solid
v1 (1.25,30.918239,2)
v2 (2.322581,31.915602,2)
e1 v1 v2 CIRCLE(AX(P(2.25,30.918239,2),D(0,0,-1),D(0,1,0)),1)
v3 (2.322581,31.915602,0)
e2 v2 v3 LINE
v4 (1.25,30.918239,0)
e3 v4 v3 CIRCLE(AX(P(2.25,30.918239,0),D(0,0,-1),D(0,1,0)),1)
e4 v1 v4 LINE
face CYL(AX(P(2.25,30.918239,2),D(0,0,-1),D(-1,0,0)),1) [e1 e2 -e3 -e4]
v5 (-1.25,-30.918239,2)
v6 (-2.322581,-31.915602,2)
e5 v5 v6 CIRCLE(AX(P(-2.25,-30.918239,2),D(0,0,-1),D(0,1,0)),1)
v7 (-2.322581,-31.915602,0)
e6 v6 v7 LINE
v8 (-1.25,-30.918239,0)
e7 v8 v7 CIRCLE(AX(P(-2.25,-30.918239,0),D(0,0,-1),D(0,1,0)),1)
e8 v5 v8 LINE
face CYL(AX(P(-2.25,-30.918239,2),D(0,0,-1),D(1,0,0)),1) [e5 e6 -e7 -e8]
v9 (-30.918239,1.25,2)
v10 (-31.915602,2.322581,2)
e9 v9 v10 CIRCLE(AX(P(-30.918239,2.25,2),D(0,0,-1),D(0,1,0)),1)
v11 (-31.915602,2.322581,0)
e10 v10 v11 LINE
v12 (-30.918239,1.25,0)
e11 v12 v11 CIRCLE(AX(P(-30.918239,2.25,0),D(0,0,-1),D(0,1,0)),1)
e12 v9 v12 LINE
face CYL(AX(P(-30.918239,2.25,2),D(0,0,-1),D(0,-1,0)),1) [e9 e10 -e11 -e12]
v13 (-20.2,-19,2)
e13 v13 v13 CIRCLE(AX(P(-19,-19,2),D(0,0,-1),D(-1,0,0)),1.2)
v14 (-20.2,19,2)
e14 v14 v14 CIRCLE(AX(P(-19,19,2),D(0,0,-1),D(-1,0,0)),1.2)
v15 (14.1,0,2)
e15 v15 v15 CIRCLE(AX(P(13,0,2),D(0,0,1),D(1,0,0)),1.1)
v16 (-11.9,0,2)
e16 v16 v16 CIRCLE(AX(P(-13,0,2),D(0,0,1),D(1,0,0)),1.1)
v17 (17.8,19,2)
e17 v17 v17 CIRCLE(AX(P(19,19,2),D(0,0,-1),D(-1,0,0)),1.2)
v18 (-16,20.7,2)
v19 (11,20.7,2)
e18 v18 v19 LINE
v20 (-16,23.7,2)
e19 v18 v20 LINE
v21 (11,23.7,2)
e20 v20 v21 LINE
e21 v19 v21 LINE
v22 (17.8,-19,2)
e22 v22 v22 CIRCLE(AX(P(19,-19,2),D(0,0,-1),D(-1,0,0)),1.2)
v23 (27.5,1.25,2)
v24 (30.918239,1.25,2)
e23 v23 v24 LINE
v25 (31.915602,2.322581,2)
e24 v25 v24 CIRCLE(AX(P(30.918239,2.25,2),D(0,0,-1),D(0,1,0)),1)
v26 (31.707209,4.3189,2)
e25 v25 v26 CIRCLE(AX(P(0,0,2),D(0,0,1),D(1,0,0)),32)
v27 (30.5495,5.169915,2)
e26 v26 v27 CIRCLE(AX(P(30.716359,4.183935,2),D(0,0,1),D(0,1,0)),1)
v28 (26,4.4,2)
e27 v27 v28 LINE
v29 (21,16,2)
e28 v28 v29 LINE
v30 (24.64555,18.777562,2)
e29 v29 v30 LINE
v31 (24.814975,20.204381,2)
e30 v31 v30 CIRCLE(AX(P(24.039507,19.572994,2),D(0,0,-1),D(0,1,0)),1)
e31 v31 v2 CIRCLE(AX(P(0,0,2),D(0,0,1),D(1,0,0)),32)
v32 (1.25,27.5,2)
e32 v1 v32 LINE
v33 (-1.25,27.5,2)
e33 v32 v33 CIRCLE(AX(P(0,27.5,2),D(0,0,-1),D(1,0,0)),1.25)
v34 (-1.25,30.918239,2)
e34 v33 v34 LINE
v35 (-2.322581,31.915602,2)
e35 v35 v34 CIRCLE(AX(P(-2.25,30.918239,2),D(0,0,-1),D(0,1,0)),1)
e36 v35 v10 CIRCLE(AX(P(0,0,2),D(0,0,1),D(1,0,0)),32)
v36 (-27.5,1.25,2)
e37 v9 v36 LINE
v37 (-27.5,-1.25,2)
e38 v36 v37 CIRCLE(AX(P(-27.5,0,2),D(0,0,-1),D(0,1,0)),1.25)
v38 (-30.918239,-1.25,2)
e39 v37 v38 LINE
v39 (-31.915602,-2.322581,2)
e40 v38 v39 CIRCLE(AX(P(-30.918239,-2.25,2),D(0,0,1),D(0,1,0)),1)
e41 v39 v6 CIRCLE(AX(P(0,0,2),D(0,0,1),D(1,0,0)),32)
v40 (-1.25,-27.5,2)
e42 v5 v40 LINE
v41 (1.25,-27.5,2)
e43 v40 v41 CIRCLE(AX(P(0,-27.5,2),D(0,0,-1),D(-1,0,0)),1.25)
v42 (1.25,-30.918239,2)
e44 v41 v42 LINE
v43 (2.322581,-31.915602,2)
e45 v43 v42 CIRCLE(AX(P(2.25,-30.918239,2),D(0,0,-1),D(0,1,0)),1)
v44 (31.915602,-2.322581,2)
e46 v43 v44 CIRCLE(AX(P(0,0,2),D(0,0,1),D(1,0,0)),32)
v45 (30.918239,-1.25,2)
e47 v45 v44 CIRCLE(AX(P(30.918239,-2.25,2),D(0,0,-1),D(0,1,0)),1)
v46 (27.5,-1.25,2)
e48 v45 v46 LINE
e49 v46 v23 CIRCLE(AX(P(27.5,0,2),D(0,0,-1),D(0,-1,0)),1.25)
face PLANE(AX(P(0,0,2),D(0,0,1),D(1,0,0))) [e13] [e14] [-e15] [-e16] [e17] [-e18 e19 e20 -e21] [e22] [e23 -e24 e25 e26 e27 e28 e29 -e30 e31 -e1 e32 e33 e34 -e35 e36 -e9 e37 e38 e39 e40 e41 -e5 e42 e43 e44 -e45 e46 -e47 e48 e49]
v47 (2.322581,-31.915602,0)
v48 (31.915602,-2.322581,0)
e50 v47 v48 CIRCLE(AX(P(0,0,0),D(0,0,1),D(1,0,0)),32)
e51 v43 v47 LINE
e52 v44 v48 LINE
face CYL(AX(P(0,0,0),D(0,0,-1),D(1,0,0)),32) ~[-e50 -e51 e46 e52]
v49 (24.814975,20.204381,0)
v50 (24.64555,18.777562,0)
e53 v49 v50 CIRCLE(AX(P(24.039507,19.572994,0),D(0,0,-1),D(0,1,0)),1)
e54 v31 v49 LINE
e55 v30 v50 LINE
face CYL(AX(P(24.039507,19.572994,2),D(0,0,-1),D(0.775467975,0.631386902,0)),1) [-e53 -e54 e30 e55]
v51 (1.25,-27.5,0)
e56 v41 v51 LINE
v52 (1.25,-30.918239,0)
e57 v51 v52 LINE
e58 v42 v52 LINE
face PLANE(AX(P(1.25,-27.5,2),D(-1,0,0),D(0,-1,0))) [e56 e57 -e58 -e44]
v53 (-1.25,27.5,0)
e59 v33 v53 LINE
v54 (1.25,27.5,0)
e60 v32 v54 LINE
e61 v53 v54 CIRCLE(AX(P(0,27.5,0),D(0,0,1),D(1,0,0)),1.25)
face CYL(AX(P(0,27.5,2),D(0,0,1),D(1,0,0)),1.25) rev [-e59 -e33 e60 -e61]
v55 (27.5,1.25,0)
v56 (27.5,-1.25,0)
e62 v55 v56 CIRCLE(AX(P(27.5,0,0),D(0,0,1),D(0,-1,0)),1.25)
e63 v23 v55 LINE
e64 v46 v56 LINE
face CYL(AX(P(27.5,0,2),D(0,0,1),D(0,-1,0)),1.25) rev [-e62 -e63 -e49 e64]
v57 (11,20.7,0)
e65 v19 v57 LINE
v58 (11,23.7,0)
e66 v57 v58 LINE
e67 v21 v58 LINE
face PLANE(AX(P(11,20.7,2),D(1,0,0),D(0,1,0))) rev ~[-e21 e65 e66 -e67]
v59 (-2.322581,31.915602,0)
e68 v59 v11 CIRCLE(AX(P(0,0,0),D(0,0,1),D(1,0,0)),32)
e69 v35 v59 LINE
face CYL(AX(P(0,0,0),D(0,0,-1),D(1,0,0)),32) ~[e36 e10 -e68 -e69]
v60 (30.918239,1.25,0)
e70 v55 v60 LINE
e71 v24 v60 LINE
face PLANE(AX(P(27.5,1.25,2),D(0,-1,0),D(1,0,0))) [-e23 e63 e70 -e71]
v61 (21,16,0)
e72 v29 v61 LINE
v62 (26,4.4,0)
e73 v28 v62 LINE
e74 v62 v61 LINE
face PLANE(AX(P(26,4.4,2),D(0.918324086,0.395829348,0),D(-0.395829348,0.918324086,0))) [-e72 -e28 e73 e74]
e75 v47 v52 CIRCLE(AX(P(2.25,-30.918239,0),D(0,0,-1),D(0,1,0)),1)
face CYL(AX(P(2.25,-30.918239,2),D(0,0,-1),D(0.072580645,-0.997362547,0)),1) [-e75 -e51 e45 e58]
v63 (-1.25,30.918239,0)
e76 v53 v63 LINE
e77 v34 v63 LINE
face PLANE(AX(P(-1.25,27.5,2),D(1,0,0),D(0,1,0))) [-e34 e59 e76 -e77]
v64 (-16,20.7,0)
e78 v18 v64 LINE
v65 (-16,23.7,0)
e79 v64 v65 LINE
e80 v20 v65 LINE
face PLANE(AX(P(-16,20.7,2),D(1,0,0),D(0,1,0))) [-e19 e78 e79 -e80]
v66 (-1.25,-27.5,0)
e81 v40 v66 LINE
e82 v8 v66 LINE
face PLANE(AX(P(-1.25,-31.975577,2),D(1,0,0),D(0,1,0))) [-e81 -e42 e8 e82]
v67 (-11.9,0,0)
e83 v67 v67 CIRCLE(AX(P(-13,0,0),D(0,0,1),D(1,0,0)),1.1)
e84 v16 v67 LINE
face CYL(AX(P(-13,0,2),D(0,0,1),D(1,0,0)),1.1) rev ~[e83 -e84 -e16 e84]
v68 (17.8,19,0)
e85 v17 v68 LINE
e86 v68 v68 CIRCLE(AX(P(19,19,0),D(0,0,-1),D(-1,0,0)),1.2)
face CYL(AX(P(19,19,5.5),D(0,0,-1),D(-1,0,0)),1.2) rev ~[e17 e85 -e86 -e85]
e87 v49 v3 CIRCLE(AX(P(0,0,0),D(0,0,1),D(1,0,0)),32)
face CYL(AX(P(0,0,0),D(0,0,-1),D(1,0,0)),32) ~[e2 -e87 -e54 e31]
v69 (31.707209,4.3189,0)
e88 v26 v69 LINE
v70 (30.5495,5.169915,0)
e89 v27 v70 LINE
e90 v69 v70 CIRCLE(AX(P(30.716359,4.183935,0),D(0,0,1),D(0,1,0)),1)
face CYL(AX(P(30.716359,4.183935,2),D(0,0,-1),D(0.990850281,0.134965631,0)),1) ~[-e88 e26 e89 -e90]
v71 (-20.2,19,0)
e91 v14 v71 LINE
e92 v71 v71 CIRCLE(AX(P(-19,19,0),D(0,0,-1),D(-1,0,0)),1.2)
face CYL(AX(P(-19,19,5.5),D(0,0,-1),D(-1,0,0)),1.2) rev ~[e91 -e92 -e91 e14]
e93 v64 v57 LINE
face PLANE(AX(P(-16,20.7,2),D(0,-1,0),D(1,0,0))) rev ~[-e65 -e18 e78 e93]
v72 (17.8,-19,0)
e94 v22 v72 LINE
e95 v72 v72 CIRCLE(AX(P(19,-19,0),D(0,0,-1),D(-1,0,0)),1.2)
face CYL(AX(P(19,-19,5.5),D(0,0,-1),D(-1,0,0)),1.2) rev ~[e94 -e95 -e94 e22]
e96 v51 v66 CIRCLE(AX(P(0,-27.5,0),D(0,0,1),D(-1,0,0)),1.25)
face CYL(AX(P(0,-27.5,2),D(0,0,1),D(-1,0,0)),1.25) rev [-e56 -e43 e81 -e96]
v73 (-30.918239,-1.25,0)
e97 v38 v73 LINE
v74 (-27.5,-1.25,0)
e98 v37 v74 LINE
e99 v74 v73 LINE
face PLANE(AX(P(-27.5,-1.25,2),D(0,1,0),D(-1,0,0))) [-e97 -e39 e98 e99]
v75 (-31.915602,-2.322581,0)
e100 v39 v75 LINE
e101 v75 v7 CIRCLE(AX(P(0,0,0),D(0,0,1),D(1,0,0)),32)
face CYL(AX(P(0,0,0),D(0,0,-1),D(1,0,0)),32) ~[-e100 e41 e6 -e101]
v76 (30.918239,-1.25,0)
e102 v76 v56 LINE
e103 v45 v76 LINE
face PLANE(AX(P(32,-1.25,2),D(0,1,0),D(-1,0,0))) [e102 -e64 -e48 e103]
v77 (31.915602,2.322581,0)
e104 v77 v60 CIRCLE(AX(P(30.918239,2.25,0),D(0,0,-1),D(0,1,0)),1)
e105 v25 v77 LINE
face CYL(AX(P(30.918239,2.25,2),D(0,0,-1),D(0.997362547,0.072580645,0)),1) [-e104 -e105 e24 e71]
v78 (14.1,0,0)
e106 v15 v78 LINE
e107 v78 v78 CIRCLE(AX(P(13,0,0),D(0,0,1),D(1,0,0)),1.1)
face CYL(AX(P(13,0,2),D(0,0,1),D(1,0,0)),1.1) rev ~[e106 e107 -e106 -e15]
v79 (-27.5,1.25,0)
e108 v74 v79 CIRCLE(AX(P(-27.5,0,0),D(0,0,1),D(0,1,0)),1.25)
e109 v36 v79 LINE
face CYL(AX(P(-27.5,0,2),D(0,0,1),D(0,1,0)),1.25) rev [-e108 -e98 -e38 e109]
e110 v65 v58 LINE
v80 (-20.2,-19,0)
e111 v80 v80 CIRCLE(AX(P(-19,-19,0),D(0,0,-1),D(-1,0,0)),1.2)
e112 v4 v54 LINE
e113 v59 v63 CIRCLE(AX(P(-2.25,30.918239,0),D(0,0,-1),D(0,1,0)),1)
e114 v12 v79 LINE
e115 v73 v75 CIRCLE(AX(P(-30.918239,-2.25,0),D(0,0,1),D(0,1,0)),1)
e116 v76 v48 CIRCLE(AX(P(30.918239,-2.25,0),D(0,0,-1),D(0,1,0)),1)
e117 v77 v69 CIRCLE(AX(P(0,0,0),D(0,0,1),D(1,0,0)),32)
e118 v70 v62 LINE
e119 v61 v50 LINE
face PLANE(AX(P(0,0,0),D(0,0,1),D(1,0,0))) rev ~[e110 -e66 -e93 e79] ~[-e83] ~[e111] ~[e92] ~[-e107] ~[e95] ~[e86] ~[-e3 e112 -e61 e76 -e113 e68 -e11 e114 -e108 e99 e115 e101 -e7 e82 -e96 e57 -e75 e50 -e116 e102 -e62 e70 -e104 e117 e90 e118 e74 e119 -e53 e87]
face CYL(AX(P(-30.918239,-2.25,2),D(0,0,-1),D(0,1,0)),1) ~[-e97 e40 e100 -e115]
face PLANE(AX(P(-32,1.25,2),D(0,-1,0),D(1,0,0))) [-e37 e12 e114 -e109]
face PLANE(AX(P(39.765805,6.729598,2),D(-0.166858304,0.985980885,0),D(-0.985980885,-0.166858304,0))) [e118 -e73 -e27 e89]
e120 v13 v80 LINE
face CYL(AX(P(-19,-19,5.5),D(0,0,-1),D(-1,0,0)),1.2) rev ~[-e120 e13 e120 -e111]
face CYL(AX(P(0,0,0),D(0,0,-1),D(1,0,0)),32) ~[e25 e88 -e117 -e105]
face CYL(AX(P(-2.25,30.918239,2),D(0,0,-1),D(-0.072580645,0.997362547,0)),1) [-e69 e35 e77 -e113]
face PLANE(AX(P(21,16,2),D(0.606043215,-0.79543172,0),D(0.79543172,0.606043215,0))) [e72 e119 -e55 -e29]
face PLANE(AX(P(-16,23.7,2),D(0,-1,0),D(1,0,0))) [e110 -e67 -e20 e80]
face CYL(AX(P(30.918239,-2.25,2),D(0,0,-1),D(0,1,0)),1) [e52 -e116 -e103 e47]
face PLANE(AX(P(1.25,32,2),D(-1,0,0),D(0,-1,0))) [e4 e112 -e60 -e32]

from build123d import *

# Parameters (mm, degrees)
SKETCH_1_R             = 32
EXTRUDE_1_DEPTH        = 2
SKETCH_2_R             = 1.1
CUT_EXTRUDE_1_DEPTH    = 46.299006612
HOLE_WIZARD_M2_1_D     = 2.4
HOLE_WIZARD_M2_1_DEPTH = 3.5
HOLE_WIZARD_M2_1_TIP   = 0.721032743
SKETCH_6_R             = 1.1
SKETCH_6_W             = 27
SKETCH_6_H             = 3
CUT_EXTRUDE_2_DEPTH    = 46.264500439
CUT_EXTRUDE1_DEPTH     = 10
FILLET2_R              = 1


with BuildPart() as part:
    # 스케치1 → 보스-돌출1 (new body)
    with BuildSketch(Plane.XY):
        Circle(SKETCH_1_R)
    extrude(amount=EXTRUDE_1_DEPTH)

    # 스케치2 → 컷-돌출1 (cut, through all)
    with BuildSketch(Plane.XY.offset(2)):
        with Locations((-13, 0)):
            Circle(SKETCH_2_R)
        with Locations((13, 0)):
            Circle(SKETCH_2_R)
        with BuildLine():
            Line((1.25, -27.5), (1.25, -31.975576617))
            ThreePointArc((1.25, -31.975576617), (0, -33.225576617), (-1.25, -31.975576617))
            Line((-1.25, -31.975576617), (-1.25, -27.5))
            ThreePointArc((-1.25, -27.5), (0, -26.25), (1.25, -27.5))
        make_face()
        with BuildLine():
            Line((27.5, 1.25), (32, 1.25))
            ThreePointArc((32, 1.25), (33.25, 0), (32, -1.25))
            Line((32, -1.25), (27.5, -1.25))
            ThreePointArc((27.5, -1.25), (26.25, 0), (27.5, 1.25))
        make_face()
        with BuildLine():
            Line((-27.5, -1.25), (-32, -1.25))
            ThreePointArc((-32, -1.25), (-33.25, 0), (-32, 1.25))
            Line((-32, 1.25), (-27.5, 1.25))
            ThreePointArc((-27.5, 1.25), (-26.25, 0), (-27.5, -1.25))
        make_face()
        with BuildLine():
            Line((-1.25, 27.5), (-1.25, 32))
            ThreePointArc((-1.25, 32), (0, 33.25), (1.25, 32))
            Line((1.25, 32), (1.25, 27.5))
            ThreePointArc((1.25, 27.5), (0, 26.25), (-1.25, 27.5))
        make_face()
    extrude(amount=-CUT_EXTRUDE_1_DEPTH, mode=Mode.SUBTRACT)

    # M2 여유 구멍1
    with Locations(Plane(origin=(-19, 19, 2), x_dir=(1, 0, 0), z_dir=(0, 0, 1))):
        with Locations((0, 0), (38, 0), (38, -38), (0, -38)):
            Hole(HOLE_WIZARD_M2_1_D / 2, depth=HOLE_WIZARD_M2_1_DEPTH)
            with Locations((0, 0, -(HOLE_WIZARD_M2_1_DEPTH + HOLE_WIZARD_M2_1_TIP / 2))):  # 118° drill point
                Cone(0, HOLE_WIZARD_M2_1_D / 2, HOLE_WIZARD_M2_1_TIP, mode=Mode.SUBTRACT)

    # 스케치6 → 컷-돌출2 (cut, through all)
    with BuildSketch(Plane.XY.offset(2)):
        with Locations((25, 22.2)):
            Circle(SKETCH_6_R)
        with Locations((-2.5, 22.2)):
            Rectangle(SKETCH_6_W, SKETCH_6_H)
    extrude(amount=-CUT_EXTRUDE_2_DEPTH, mode=Mode.SUBTRACT)

    # Sketch1 → Cut-Extrude1 (cut)
    with BuildSketch(Plane.XY.offset(2)):
        Polygon((21, 16), (30.255253107, 23.051621415), (39.765804764, 6.729597729), (26, 4.4), align=None)
    extrude(amount=-CUT_EXTRUDE1_DEPTH, mode=Mode.SUBTRACT)

    # Fillet2
    fillet2_edges = [part.edges().sort_by_distance(p)[0] for p in [
        (25.453815041, 19.393382888, 1),
        (31.551388335, 5.339465718, 1),
        (1.25, -31.975576617, 1),
        (-1.25, -31.975576617, 1),
        (31.975576617, 1.25, 1),
        (31.975576617, -1.25, 1),
        (-31.975576617, -1.25, 1),
        (-31.975576617, 1.25, 1),
        (-1.25, 31.975576617, 1),
        (1.25, 31.975576617, 1),
    ]]
    fillet(fillet2_edges, radius=FILLET2_R)


solid = part.part
